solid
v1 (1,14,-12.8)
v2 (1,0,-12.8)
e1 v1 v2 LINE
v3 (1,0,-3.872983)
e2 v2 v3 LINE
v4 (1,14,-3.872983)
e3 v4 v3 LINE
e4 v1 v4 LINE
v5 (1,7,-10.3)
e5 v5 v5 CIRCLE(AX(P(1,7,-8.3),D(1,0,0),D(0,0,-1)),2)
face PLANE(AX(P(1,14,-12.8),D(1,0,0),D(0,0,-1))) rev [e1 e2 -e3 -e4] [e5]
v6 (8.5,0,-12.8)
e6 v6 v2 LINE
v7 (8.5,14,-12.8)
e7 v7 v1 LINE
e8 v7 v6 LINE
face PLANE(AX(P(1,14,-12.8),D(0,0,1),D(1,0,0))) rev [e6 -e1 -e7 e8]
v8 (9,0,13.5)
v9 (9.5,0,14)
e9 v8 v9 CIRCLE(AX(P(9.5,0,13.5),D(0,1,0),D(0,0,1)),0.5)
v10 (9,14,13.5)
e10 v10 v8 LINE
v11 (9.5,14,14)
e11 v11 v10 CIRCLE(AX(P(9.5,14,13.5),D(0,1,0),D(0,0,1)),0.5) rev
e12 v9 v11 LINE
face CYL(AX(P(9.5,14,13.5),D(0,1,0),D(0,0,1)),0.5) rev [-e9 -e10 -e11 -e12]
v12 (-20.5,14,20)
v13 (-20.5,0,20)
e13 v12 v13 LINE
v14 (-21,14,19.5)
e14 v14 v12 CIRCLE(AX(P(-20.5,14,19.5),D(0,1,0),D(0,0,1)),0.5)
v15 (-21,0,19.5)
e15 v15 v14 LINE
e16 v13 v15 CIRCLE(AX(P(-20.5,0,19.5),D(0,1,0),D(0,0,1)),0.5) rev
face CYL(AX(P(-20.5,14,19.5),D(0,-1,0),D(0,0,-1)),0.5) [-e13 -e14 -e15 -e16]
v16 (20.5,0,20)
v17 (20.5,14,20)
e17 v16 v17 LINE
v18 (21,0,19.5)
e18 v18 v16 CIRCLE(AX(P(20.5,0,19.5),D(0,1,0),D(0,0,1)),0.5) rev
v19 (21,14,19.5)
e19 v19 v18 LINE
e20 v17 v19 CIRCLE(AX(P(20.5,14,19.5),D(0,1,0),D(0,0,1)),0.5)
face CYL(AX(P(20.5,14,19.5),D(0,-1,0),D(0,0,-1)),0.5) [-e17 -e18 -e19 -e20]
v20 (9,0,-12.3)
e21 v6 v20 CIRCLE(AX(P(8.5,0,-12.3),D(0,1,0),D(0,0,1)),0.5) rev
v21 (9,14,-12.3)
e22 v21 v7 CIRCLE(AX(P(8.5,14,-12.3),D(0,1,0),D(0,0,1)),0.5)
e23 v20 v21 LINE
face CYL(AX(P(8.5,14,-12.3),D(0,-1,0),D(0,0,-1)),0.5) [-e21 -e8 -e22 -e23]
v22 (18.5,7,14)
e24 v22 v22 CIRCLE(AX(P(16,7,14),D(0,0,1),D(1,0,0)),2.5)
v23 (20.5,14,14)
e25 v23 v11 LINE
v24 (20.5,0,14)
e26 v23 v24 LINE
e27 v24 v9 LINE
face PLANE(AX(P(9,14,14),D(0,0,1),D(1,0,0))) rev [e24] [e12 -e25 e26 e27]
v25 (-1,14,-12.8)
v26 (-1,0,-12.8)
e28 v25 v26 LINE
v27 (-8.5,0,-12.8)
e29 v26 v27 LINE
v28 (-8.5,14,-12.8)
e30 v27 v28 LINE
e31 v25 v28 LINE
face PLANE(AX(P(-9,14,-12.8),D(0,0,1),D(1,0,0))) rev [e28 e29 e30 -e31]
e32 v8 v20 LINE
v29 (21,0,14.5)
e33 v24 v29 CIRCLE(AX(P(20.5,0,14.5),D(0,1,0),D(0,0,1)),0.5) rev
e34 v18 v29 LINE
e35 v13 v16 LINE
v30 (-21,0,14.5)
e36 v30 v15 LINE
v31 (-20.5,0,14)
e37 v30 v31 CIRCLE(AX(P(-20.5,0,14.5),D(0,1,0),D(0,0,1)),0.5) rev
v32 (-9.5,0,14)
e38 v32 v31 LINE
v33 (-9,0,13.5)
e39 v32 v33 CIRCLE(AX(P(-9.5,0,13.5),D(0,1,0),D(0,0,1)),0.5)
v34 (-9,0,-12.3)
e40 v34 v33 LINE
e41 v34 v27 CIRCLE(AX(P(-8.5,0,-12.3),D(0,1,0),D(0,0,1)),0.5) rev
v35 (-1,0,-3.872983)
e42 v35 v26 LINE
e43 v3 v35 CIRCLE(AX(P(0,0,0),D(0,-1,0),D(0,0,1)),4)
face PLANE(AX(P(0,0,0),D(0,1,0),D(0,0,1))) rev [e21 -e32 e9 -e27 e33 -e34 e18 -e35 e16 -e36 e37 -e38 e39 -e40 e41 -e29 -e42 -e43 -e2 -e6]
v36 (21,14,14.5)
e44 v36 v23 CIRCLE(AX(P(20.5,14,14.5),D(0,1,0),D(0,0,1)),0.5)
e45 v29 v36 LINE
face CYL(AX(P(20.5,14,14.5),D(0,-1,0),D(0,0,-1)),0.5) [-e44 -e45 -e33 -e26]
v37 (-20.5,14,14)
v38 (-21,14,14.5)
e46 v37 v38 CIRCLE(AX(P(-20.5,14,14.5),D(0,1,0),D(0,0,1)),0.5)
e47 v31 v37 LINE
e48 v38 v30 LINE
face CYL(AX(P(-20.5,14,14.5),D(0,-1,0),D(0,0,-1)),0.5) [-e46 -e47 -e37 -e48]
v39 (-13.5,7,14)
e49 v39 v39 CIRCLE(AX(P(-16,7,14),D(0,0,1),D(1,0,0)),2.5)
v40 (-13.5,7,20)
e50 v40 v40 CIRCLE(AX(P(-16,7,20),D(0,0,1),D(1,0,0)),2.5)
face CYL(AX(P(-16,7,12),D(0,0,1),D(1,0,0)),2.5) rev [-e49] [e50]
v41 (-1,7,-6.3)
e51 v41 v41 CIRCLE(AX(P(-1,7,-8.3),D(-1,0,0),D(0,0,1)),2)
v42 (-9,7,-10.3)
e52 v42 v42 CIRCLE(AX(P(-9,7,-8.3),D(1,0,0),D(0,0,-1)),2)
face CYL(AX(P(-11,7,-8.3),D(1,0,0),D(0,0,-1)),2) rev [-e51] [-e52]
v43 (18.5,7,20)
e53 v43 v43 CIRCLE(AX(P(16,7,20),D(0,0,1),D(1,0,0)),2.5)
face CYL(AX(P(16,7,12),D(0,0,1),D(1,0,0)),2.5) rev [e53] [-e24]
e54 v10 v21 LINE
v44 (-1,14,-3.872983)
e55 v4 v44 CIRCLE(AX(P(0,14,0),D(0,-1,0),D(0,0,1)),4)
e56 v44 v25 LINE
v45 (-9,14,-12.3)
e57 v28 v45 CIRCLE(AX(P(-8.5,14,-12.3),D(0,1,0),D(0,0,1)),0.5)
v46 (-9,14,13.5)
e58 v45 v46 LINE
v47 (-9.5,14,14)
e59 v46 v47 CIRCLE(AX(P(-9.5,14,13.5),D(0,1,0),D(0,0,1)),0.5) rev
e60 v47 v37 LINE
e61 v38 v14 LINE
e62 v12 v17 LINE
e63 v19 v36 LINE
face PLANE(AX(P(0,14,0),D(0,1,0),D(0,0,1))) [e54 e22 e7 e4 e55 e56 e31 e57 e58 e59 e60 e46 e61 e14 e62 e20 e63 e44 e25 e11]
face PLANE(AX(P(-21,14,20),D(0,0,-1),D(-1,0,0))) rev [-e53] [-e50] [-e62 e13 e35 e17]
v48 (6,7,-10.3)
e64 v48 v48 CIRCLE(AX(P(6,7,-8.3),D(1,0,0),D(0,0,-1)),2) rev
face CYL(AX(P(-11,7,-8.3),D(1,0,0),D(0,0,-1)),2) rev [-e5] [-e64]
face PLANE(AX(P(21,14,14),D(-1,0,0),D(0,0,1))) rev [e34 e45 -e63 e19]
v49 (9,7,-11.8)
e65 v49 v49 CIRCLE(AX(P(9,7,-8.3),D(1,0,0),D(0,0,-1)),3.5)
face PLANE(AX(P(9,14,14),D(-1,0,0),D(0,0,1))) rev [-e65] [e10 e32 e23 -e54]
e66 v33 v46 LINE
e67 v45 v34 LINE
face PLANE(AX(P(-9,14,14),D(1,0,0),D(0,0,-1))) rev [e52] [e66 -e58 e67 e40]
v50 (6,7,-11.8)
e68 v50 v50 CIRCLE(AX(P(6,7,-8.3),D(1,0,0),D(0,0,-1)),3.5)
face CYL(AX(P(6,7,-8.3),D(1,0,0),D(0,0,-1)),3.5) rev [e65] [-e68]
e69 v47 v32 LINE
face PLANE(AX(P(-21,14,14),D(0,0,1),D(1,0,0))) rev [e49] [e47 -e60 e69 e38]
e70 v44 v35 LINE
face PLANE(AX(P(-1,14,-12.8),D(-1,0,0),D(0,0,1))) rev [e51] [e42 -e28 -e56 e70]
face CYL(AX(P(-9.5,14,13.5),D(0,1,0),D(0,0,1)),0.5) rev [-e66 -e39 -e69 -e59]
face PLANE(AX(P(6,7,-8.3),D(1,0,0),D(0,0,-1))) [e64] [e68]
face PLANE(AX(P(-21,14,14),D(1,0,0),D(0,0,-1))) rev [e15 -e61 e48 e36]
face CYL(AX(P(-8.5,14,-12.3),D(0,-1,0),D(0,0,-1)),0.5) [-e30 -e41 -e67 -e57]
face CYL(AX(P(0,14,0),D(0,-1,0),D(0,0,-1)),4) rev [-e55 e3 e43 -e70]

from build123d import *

# Parameters (mm, degrees)
BOSS_EXTRUDE1_DEPTH = 14
SKETCH2_R           = 2
CUT_EXTRUDE1_DEPTH  = 20
SKETCH3_R           = 3.5
CUT_EXTRUDE2_DEPTH  = 3
SKETCH4_R           = 2.5
CUT_EXTRUDE3_DEPTH  = 8
FILLET1_R           = 0.5


with BuildPart() as part:
    # Sketch1 → Boss-Extrude1 (new body)
    with BuildSketch(Plane(origin=(0, 0, 0), x_dir=(1, 0, 0), z_dir=(0, 1, 0))):
        with BuildLine():
            Line((9, -14), (21, -14))
            Line((21, -14), (21, -20))
            Line((21, -20), (-21, -20))
            Line((-21, -20), (-21, -14))
            Line((-21, -14), (-9, -14))
            Line((-9, -14), (-9, 12.8))
            Line((-9, 12.8), (-1, 12.8))
            Line((-1, 12.8), (-1, 3.872983346))
            ThreePointArc((-1, 3.872983346), (0, -4), (1, 3.872983346))
            Line((1, 3.872983346), (1, 12.8))
            Line((1, 12.8), (9, 12.8))
            Line((9, 12.8), (9, -14))
        make_face()
    extrude(amount=BOSS_EXTRUDE1_DEPTH)

    # Sketch2 → Cut-Extrude1 (cut)
    with BuildSketch(Plane(origin=(9, 0, 0), x_dir=(0, 0, -1), z_dir=(1, 0, 0))):
        with Locations((8.3, 7)):
            Circle(SKETCH2_R)
    extrude(amount=-CUT_EXTRUDE1_DEPTH, mode=Mode.SUBTRACT)

    # Sketch3 → Cut-Extrude2 (cut)
    with BuildSketch(Plane(origin=(9, 0, 0), x_dir=(0, 0, -1), z_dir=(1, 0, 0))):
        with Locations((8.3, 7)):
            Circle(SKETCH3_R)
    extrude(amount=-CUT_EXTRUDE2_DEPTH, mode=Mode.SUBTRACT)

    # Sketch4 → Cut-Extrude3 (cut)
    with BuildSketch(Plane.XY.offset(20)):
        with Locations((-16, 7)):
            Circle(SKETCH4_R)
        with Locations((16, 7)):
            Circle(SKETCH4_R)
    extrude(amount=-CUT_EXTRUDE3_DEPTH, mode=Mode.SUBTRACT)

    # Fillet1
    fillet1_edges = [part.edges().sort_by_distance(p)[0] for p in [
        (-21, 7, 14),
        (-9, 7, 14),
        (-9, 7, -12.8),
        (9, 7, -12.8),
        (9, 7, 14),
        (21, 7, 14),
        (21, 7, 20),
        (-21, 7, 20),
    ]]
    fillet(fillet1_edges, radius=FILLET1_R)


solid = part.part
